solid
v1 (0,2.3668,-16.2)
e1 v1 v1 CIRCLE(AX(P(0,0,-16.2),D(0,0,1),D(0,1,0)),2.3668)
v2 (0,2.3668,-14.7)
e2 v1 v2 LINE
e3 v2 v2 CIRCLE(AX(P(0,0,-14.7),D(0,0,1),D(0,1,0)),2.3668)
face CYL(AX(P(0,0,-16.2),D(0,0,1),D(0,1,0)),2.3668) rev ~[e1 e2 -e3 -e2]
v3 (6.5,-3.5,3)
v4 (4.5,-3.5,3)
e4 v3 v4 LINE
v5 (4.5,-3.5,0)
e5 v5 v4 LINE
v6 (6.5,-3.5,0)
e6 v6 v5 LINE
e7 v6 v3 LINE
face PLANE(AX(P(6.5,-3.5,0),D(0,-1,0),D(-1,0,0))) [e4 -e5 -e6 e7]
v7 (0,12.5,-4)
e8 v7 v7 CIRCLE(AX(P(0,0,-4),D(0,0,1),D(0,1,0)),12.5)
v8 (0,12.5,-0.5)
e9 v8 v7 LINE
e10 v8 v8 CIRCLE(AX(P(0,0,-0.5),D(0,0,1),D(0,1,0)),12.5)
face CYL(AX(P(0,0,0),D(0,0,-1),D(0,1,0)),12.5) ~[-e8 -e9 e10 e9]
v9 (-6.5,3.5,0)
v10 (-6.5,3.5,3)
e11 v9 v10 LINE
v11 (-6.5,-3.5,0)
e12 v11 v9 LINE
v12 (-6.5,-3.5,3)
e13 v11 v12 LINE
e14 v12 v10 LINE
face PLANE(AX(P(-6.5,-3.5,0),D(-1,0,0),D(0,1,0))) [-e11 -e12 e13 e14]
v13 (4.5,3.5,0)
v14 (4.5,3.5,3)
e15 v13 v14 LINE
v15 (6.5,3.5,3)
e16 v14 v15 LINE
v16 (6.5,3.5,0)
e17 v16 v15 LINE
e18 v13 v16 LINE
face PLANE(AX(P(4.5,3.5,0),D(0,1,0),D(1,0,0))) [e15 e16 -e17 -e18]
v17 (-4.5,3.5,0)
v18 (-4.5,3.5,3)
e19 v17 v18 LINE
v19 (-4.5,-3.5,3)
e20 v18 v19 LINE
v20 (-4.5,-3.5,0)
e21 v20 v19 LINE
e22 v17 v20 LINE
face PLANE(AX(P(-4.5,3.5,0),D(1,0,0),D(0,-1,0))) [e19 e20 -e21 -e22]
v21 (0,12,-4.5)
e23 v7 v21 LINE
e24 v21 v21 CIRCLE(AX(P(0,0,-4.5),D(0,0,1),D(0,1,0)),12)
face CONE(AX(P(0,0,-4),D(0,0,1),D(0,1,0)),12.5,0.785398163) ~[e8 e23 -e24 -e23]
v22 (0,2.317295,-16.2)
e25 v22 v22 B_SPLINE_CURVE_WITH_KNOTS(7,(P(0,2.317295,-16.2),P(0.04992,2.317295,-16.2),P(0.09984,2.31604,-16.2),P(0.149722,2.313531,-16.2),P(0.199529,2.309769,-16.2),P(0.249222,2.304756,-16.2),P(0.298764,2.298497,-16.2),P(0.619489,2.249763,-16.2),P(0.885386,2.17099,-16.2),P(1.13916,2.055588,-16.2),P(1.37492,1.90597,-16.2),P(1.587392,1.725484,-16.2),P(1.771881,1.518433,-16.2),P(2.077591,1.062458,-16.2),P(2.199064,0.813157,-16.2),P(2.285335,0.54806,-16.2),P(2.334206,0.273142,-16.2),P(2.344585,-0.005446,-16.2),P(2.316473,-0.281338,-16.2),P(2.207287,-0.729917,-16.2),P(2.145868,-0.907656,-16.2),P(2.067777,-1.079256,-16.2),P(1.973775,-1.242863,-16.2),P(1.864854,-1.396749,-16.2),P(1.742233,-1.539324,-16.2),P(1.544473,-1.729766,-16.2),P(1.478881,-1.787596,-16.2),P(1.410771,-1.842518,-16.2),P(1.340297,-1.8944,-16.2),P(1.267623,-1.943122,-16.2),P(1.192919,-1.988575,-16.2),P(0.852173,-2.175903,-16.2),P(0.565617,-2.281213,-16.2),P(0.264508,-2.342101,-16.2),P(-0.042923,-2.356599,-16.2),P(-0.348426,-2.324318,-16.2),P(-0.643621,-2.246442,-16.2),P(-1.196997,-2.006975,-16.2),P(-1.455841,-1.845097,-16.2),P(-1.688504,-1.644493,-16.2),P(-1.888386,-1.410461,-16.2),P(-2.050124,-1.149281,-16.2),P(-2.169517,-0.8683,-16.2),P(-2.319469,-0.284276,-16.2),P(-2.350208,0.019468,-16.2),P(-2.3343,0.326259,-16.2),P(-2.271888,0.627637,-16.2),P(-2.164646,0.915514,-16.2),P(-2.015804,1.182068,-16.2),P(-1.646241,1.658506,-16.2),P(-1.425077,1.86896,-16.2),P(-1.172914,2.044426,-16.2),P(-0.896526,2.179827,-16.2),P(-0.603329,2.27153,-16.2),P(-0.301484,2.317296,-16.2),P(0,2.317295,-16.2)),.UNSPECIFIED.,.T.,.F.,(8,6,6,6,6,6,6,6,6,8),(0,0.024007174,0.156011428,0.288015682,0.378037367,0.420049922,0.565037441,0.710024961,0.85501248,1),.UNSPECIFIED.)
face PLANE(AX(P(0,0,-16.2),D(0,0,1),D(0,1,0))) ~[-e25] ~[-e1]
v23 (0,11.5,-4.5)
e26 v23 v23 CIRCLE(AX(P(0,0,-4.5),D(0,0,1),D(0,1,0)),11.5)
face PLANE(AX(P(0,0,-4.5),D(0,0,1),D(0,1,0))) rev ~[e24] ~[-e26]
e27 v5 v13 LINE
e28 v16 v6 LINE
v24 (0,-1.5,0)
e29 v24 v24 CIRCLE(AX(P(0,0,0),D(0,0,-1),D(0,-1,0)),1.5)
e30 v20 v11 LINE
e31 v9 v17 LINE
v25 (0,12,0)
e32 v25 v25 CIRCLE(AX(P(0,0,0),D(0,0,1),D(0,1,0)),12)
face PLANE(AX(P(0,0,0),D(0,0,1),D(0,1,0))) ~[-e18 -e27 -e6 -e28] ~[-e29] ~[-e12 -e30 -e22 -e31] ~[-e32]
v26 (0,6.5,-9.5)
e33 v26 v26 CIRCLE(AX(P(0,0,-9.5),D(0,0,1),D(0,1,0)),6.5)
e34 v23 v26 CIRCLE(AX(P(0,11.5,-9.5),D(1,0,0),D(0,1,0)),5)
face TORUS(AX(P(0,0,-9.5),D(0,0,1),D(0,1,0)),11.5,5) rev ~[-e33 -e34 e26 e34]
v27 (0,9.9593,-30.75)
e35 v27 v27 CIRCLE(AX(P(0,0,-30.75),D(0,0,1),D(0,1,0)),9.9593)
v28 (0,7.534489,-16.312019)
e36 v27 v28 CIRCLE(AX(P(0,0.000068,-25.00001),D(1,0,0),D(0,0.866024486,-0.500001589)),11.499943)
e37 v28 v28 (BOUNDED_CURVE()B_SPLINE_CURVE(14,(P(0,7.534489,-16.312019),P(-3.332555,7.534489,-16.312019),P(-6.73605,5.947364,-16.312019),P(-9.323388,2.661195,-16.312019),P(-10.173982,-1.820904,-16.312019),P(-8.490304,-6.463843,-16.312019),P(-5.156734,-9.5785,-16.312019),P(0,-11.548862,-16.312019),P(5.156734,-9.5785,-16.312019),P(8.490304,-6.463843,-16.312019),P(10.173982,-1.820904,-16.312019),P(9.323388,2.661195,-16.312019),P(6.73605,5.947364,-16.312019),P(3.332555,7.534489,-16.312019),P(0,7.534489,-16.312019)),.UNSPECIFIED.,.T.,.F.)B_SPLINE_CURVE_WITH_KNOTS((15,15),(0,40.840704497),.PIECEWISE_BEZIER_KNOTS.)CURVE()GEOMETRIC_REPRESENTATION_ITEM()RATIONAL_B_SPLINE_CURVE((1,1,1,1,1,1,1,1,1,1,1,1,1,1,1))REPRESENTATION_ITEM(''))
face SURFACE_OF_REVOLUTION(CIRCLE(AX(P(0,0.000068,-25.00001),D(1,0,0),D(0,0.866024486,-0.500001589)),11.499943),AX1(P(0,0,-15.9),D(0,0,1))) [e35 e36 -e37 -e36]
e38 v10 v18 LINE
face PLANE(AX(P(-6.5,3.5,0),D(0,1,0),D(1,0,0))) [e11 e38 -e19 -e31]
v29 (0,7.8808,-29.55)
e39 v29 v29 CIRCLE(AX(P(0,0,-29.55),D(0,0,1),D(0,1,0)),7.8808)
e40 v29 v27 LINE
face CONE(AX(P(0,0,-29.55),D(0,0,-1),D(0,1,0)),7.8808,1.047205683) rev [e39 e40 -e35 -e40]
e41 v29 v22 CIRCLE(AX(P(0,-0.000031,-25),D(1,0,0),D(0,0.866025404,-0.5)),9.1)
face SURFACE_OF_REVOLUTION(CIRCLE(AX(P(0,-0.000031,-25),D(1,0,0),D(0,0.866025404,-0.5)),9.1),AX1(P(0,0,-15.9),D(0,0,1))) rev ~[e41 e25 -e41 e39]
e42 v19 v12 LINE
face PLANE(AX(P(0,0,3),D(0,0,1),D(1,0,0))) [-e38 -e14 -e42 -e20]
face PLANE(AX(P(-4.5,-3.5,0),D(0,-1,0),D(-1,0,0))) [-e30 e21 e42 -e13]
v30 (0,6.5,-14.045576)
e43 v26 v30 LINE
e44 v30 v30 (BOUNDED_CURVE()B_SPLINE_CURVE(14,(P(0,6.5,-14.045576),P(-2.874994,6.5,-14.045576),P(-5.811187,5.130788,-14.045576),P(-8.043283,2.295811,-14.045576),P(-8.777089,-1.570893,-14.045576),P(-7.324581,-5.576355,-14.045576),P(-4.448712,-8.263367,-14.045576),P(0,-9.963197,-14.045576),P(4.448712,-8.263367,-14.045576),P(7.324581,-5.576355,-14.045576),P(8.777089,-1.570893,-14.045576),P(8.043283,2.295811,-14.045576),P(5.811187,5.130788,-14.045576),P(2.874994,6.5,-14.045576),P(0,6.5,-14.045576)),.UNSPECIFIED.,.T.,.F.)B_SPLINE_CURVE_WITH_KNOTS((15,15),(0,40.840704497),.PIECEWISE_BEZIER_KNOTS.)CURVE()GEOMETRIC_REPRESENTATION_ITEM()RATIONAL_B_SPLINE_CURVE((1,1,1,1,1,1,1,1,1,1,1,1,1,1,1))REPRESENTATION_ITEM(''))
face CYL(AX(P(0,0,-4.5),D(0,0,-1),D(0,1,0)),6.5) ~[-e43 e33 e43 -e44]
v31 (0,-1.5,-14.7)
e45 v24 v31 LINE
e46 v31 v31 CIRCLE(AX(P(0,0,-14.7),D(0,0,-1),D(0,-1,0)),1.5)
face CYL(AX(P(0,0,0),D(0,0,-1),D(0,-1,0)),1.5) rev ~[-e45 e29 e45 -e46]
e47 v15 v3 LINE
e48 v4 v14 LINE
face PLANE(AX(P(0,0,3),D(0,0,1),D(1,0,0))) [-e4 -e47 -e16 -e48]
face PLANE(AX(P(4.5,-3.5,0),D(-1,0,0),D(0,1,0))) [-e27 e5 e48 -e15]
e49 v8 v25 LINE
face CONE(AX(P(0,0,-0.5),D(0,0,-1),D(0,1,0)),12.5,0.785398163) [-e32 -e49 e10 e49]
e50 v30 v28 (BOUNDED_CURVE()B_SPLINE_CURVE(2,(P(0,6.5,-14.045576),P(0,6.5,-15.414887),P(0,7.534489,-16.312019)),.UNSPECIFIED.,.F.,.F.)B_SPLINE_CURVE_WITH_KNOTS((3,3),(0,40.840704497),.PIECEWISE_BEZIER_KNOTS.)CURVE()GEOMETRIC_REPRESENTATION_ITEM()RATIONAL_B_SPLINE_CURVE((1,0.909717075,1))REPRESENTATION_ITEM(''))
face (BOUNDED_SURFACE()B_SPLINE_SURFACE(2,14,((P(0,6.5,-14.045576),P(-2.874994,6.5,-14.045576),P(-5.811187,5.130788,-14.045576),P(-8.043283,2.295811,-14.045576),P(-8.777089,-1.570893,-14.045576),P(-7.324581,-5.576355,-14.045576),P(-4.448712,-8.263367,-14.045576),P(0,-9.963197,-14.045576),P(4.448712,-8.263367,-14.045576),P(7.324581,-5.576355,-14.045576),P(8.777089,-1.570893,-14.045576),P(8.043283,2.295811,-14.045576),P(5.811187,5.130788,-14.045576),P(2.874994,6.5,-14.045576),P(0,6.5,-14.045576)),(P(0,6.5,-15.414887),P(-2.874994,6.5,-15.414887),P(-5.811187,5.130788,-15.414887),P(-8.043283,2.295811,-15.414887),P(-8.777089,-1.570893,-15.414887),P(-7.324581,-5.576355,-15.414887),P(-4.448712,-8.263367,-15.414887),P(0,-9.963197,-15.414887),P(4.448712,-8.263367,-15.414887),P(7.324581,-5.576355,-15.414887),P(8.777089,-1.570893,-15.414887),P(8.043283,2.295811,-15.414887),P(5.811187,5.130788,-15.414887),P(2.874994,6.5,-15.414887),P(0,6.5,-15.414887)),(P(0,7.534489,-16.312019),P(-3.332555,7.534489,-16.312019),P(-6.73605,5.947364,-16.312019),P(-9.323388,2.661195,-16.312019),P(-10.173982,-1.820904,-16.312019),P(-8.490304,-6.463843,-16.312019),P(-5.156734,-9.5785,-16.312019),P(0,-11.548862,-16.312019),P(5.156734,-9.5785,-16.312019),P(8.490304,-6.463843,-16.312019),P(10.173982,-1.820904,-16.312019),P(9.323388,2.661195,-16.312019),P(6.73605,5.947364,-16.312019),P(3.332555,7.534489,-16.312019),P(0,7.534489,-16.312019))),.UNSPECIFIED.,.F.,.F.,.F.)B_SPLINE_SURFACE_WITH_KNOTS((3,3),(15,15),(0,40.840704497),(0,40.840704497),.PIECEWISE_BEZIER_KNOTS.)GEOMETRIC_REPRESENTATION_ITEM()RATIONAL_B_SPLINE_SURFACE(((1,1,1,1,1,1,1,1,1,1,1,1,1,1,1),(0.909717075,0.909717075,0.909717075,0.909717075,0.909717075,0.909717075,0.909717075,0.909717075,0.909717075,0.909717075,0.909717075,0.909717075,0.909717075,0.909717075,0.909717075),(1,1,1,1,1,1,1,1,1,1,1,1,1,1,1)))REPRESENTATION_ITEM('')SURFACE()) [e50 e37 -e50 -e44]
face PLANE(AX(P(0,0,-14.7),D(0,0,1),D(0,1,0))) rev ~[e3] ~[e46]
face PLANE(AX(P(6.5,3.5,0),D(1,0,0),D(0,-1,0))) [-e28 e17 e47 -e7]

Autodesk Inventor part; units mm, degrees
ref_plane "YZ Plane" through (0, 0, 0) normal (1, 0, 0) x (0, 1, 0)
ref_plane "XZ Plane" through (0, 0, 0) normal (0, 1, 0) x (-1, 0, 0)
ref_plane "XY Plane" through (0, 0, 0) normal (0, 0, 1) x (1, 0, 0)
sketch "Sketch1" plane through (0, 0, 0) normal (1, 0, 0) x (0, 1, 0)
  point P0 (0, 0)
sketch "Sketch2" plane through (0, 0, 0) normal (1, 0, 0) x (0, 1, 0)
  arc A0 (7.8808, -29.55) -> (0, -15.9) centre (0, -25) ccw
  arc A1 (9.9593, -30.75) -> (6.5, -15.5132) centre (0, -25) ccw
  line L0 (0, 0) -> (12.5, 0)
  line L1 (12.5, 0) -> (12.5, -4.5)
  line L2 (12.5, -4.5) -> (6.5, -4.5)
  line L3 (6.5, -4.5) -> (6.5, -15.5132)
  line L4 (7.8808, -29.55) -> (9.9593, -30.75)
  line L5 (0, -15.9) -> (0, 0)
  dimension "d0" = 4.5
  dimension "d2" = 18.2
  dimension "d3" = 23
  dimension "d5" = 25
  dimension "d7" = 12.5
  dimension "d8" = 6.5
  dimension "d9" = 60
revolve "Revolution1" add sketch "Sketch2" angle 360 about axis through (0, 0, -15.9) along (0, 0, 1)
hole "Hole1" at (0, 0, 0) direction (0, 0, -1) diameter 3 end through all
ref_plane "Work Plane1" through (0, 0, -16.2) normal (0, 0, -1) x (-1, 0, 0)
sketch "Sketch3" plane through (0, 0, -16.2) normal (0, 0, -1) x (-1, 0, 0)
  circle A0 centre (0, 0) radius 2.3668
hole "Hole2" at (0, 0, -16.2) direction (0, 0, 1) diameter 4.7336 depth 1.5
chamfer "Chamfer1" distance 0.5 angle 45 1 edges at (0, -12.5, 0)
chamfer "Chamfer2" distance 0.5 angle 45 1 edges at (0, -12.5, -4.5)
fillet "Fillet1" radius 5 1 edges at (0, -6.5, -4.5)
fillet "Fillet2" radius 3 1 edges at (0, -6.5, -15.5132)
sketch "Sketch4" plane through (0, 0, 0) normal (0, 0, 1) x (1, 0, 0)
  line L0 (4.5, -3.5) -> (4.5, 3.5)
  line L1 (4.5, 3.5) -> (6.5, 3.5)
  line L2 (6.5, 3.5) -> (6.5, -3.5)
  line L3 (6.5, -3.5) -> (4.5, -3.5)
  line L4 (-4.5, -3.5) -> (-6.5, -3.5)
  line L5 (-6.5, -3.5) -> (-6.5, 3.5)
  line L6 (-6.5, 3.5) -> (-4.5, 3.5)
  line L7 (-4.5, 3.5) -> (-4.5, -3.5)
  line L8 (0, 0) -> (0, -2.6483) construction
  line L9 (4.5, 0) -> (0, 0) construction
  dimension "d36" = 7
  dimension "d37" = 2
  dimension "d38" = 4.5
extrude "Extrusion1" add sketch "Sketch4" along normal blind 3
properties part number "vertebro_back"
